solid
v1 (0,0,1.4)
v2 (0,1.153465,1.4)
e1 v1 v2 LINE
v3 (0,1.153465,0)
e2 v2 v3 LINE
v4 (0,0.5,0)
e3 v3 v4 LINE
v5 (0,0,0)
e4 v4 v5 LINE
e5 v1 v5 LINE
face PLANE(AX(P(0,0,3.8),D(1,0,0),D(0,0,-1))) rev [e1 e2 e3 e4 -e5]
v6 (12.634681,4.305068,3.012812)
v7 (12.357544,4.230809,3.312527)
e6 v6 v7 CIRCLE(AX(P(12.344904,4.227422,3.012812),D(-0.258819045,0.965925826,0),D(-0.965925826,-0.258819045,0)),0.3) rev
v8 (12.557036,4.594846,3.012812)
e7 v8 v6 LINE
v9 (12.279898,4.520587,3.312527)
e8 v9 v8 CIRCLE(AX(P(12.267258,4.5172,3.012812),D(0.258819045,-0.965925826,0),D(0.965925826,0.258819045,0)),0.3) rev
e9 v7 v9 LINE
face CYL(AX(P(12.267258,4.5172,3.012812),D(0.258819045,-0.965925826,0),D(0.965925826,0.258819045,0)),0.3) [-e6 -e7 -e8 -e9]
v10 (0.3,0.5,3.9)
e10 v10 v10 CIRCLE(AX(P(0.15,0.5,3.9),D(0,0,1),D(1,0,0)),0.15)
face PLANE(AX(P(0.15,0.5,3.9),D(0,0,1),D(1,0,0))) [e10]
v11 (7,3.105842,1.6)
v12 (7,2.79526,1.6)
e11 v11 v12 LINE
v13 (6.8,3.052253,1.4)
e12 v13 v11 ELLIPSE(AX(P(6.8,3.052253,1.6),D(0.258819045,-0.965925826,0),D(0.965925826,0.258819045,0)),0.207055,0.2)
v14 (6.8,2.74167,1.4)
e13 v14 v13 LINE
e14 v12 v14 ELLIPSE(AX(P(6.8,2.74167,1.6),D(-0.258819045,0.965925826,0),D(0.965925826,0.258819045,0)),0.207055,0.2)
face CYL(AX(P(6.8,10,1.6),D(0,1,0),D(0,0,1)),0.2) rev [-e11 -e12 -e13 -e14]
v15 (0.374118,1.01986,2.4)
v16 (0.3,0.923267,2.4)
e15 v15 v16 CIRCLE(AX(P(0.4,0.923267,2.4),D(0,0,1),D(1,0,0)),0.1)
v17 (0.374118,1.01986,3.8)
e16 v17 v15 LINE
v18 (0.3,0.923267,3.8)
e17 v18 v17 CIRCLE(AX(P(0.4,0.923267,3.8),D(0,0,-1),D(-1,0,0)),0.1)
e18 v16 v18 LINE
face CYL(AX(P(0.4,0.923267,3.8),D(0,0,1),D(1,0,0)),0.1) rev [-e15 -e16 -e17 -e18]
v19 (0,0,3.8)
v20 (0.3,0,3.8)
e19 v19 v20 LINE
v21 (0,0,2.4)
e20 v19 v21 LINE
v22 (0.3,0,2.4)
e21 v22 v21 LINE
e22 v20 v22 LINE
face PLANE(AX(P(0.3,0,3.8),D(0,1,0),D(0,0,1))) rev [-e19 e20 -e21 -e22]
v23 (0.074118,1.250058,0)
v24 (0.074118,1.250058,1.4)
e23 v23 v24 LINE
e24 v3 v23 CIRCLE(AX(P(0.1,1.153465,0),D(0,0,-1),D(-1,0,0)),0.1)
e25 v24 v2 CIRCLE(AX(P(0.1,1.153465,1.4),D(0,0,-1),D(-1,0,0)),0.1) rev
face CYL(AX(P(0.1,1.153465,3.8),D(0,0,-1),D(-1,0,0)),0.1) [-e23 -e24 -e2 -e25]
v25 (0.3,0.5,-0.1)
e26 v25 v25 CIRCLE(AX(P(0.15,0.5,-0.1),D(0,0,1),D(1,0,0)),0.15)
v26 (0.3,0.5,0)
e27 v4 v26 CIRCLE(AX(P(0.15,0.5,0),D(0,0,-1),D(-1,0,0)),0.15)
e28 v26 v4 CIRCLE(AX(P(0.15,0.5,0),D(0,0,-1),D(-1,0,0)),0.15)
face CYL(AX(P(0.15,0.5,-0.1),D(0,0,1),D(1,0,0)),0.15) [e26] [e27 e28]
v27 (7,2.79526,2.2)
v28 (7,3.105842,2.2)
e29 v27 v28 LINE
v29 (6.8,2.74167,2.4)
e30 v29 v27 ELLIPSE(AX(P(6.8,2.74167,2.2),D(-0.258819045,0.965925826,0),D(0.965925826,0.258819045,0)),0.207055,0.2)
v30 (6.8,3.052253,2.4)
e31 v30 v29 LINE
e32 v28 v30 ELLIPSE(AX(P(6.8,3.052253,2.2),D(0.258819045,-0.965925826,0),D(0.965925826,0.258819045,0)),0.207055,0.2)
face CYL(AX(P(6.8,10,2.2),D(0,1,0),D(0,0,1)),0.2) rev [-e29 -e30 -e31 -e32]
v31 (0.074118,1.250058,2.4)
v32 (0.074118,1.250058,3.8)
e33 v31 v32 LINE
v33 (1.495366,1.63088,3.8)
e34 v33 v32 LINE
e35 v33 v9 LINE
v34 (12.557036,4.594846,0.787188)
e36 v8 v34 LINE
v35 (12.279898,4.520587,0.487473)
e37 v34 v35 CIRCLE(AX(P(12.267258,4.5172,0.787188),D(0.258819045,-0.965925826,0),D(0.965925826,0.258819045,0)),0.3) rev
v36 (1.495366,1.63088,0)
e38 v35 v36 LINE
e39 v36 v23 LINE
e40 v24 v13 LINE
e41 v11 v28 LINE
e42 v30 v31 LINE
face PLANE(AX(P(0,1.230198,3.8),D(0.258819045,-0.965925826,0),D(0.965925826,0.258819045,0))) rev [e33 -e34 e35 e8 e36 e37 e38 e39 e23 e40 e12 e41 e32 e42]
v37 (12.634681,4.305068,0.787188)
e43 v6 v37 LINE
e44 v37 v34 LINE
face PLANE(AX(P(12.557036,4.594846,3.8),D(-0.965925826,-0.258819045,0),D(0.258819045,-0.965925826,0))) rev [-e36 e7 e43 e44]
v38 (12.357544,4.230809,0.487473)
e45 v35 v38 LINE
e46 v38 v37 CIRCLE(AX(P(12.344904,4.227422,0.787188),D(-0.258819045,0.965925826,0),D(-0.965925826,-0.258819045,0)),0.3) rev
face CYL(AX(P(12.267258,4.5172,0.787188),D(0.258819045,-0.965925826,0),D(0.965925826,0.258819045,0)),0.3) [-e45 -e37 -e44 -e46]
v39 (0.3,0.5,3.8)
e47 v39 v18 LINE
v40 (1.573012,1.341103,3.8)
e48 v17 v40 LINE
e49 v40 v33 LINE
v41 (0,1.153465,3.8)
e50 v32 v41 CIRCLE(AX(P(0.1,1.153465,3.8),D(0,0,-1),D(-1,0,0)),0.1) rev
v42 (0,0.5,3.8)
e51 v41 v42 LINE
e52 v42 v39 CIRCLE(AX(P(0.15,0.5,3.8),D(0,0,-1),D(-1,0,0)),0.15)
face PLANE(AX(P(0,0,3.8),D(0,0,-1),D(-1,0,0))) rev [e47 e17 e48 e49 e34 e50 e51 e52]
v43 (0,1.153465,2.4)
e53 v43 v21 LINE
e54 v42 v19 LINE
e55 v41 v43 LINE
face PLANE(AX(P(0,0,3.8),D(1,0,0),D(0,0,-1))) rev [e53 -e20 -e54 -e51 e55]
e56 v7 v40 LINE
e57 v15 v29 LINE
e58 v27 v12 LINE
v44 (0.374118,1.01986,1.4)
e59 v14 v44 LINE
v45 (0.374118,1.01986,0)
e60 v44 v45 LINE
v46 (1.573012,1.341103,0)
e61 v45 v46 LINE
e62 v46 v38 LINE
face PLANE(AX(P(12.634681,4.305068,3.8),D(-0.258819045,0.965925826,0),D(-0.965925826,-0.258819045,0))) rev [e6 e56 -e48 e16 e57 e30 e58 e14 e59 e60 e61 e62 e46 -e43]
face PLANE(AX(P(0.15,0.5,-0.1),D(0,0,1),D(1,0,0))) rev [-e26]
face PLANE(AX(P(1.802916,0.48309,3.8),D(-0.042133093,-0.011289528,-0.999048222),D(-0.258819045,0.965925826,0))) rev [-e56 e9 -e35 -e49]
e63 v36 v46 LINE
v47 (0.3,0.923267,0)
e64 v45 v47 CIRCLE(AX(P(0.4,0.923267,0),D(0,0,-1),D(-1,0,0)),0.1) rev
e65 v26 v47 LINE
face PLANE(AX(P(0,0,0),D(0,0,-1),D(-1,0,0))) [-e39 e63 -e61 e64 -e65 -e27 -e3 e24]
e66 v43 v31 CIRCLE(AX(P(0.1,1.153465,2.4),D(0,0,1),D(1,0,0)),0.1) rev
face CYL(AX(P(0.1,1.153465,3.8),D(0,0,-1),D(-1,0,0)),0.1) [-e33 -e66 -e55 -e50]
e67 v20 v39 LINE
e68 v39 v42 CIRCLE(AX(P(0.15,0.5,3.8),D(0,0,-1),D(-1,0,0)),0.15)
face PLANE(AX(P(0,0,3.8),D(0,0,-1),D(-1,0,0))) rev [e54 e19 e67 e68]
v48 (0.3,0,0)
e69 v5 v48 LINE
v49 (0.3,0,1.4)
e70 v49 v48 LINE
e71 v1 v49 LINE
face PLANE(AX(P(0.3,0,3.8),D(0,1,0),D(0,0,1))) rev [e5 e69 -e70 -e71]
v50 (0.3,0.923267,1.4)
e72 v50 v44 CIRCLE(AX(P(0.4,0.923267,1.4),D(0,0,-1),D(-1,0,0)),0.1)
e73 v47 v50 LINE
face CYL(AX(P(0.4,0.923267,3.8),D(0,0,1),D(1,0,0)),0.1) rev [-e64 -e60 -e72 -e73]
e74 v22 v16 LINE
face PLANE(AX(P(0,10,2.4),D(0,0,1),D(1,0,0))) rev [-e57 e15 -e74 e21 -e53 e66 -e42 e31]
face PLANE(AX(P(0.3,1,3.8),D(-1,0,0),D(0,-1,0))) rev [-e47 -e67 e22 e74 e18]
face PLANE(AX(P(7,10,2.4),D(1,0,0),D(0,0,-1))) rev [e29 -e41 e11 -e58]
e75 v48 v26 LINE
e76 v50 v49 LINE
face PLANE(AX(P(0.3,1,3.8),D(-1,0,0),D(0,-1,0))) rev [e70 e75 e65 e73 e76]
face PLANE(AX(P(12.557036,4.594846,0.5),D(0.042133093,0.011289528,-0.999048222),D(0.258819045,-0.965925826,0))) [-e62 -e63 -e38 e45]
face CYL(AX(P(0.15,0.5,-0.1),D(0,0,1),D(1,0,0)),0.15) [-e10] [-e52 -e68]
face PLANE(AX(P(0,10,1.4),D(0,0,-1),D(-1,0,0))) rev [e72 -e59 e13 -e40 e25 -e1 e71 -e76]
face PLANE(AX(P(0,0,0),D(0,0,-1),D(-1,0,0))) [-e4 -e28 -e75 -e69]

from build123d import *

# Parameters (mm, degrees)
BOSS_EXTRUDE1_DEPTH      = 3.8
CHAMFER1_SIZE            = 0.5
CHAMFER1_SIZE2           = 11.451882774
SKETCH3_R                = 0.15
BOSS_EXTRUDE2_DEPTH      = 0.1
BOSS_EXTRUDE2_DEPTH_BACK = 3.9
SKETCH4_W                = 7
SKETCH4_H                = 1
CUT_EXTRUDE2_DEPTH       = 10
FILLET1_R                = 0.1
FILLET2_R                = 0.3
FILLET3_R                = 0.2


with BuildPart() as part:
    # Sketch1 → Boss-Extrude1 (new body)
    with BuildSketch(Plane.XY):
        Polygon((0, 0), (0, 1.230198096), (12.557035742, 4.594845683), (12.634681455, 4.305067935), (0.3, 1), (0.3, 0), align=None)
    extrude(amount=BOSS_EXTRUDE1_DEPTH)

    # Chamfer1
    chamfer1_edges = [part.edges().sort_by_distance(p)[0] for p in [
        (12.595858599, 4.449956809, 3.8),
        (12.595858599, 4.449956809, 0),
    ]]
    chamfer1_side = [part.faces().sort_by_distance(p)[0] for p in [
        (12.595858599, 4.449956809, 1.9),
    ]]
    chamfer(chamfer1_edges, length=CHAMFER1_SIZE, length2=CHAMFER1_SIZE2, reference=chamfer1_side[0])

    # Sketch3 → Boss-Extrude2 (add, two sides)
    with BuildSketch(Plane.XY.offset(3.8)) as boss_extrude2_sk:
        with Locations((0.15, 0.5)):
            Circle(SKETCH3_R)
    extrude(amount=BOSS_EXTRUDE2_DEPTH)
    extrude(boss_extrude2_sk.sketch, amount=-BOSS_EXTRUDE2_DEPTH_BACK)

    # Sketch4 → Cut-Extrude2 (cut)
    with BuildSketch(Plane.XZ):
        with Locations((3.5, 1.9)):
            Rectangle(SKETCH4_W, SKETCH4_H)
    extrude(amount=-CUT_EXTRUDE2_DEPTH, mode=Mode.SUBTRACT)

    # Fillet1
    fillet1_edges = [part.edges().sort_by_distance(p)[0] for p in [
        (0, 1.230198096, 3.1),
        (0.3, 1, 3.1),
        (0, 1.230198096, 0.7),
        (0.3, 1, 0.7),
    ]]
    fillet(fillet1_edges, radius=FILLET1_R)

    # Fillet2
    fillet2_edges = [part.edges().sort_by_distance(p)[0] for p in [
        (12.595858599, 4.449956809, 0.5),
        (12.595858599, 4.449956809, 3.3),
    ]]
    fillet(fillet2_edges, radius=FILLET2_R)

    # Fillet3
    fillet3_edges = [part.edges().sort_by_distance(p)[0] for p in [
        (7, 2.950551016, 2.4),
        (7, 2.950551016, 1.4),
    ]]
    fillet(fillet3_edges, radius=FILLET3_R)


solid = part.part
